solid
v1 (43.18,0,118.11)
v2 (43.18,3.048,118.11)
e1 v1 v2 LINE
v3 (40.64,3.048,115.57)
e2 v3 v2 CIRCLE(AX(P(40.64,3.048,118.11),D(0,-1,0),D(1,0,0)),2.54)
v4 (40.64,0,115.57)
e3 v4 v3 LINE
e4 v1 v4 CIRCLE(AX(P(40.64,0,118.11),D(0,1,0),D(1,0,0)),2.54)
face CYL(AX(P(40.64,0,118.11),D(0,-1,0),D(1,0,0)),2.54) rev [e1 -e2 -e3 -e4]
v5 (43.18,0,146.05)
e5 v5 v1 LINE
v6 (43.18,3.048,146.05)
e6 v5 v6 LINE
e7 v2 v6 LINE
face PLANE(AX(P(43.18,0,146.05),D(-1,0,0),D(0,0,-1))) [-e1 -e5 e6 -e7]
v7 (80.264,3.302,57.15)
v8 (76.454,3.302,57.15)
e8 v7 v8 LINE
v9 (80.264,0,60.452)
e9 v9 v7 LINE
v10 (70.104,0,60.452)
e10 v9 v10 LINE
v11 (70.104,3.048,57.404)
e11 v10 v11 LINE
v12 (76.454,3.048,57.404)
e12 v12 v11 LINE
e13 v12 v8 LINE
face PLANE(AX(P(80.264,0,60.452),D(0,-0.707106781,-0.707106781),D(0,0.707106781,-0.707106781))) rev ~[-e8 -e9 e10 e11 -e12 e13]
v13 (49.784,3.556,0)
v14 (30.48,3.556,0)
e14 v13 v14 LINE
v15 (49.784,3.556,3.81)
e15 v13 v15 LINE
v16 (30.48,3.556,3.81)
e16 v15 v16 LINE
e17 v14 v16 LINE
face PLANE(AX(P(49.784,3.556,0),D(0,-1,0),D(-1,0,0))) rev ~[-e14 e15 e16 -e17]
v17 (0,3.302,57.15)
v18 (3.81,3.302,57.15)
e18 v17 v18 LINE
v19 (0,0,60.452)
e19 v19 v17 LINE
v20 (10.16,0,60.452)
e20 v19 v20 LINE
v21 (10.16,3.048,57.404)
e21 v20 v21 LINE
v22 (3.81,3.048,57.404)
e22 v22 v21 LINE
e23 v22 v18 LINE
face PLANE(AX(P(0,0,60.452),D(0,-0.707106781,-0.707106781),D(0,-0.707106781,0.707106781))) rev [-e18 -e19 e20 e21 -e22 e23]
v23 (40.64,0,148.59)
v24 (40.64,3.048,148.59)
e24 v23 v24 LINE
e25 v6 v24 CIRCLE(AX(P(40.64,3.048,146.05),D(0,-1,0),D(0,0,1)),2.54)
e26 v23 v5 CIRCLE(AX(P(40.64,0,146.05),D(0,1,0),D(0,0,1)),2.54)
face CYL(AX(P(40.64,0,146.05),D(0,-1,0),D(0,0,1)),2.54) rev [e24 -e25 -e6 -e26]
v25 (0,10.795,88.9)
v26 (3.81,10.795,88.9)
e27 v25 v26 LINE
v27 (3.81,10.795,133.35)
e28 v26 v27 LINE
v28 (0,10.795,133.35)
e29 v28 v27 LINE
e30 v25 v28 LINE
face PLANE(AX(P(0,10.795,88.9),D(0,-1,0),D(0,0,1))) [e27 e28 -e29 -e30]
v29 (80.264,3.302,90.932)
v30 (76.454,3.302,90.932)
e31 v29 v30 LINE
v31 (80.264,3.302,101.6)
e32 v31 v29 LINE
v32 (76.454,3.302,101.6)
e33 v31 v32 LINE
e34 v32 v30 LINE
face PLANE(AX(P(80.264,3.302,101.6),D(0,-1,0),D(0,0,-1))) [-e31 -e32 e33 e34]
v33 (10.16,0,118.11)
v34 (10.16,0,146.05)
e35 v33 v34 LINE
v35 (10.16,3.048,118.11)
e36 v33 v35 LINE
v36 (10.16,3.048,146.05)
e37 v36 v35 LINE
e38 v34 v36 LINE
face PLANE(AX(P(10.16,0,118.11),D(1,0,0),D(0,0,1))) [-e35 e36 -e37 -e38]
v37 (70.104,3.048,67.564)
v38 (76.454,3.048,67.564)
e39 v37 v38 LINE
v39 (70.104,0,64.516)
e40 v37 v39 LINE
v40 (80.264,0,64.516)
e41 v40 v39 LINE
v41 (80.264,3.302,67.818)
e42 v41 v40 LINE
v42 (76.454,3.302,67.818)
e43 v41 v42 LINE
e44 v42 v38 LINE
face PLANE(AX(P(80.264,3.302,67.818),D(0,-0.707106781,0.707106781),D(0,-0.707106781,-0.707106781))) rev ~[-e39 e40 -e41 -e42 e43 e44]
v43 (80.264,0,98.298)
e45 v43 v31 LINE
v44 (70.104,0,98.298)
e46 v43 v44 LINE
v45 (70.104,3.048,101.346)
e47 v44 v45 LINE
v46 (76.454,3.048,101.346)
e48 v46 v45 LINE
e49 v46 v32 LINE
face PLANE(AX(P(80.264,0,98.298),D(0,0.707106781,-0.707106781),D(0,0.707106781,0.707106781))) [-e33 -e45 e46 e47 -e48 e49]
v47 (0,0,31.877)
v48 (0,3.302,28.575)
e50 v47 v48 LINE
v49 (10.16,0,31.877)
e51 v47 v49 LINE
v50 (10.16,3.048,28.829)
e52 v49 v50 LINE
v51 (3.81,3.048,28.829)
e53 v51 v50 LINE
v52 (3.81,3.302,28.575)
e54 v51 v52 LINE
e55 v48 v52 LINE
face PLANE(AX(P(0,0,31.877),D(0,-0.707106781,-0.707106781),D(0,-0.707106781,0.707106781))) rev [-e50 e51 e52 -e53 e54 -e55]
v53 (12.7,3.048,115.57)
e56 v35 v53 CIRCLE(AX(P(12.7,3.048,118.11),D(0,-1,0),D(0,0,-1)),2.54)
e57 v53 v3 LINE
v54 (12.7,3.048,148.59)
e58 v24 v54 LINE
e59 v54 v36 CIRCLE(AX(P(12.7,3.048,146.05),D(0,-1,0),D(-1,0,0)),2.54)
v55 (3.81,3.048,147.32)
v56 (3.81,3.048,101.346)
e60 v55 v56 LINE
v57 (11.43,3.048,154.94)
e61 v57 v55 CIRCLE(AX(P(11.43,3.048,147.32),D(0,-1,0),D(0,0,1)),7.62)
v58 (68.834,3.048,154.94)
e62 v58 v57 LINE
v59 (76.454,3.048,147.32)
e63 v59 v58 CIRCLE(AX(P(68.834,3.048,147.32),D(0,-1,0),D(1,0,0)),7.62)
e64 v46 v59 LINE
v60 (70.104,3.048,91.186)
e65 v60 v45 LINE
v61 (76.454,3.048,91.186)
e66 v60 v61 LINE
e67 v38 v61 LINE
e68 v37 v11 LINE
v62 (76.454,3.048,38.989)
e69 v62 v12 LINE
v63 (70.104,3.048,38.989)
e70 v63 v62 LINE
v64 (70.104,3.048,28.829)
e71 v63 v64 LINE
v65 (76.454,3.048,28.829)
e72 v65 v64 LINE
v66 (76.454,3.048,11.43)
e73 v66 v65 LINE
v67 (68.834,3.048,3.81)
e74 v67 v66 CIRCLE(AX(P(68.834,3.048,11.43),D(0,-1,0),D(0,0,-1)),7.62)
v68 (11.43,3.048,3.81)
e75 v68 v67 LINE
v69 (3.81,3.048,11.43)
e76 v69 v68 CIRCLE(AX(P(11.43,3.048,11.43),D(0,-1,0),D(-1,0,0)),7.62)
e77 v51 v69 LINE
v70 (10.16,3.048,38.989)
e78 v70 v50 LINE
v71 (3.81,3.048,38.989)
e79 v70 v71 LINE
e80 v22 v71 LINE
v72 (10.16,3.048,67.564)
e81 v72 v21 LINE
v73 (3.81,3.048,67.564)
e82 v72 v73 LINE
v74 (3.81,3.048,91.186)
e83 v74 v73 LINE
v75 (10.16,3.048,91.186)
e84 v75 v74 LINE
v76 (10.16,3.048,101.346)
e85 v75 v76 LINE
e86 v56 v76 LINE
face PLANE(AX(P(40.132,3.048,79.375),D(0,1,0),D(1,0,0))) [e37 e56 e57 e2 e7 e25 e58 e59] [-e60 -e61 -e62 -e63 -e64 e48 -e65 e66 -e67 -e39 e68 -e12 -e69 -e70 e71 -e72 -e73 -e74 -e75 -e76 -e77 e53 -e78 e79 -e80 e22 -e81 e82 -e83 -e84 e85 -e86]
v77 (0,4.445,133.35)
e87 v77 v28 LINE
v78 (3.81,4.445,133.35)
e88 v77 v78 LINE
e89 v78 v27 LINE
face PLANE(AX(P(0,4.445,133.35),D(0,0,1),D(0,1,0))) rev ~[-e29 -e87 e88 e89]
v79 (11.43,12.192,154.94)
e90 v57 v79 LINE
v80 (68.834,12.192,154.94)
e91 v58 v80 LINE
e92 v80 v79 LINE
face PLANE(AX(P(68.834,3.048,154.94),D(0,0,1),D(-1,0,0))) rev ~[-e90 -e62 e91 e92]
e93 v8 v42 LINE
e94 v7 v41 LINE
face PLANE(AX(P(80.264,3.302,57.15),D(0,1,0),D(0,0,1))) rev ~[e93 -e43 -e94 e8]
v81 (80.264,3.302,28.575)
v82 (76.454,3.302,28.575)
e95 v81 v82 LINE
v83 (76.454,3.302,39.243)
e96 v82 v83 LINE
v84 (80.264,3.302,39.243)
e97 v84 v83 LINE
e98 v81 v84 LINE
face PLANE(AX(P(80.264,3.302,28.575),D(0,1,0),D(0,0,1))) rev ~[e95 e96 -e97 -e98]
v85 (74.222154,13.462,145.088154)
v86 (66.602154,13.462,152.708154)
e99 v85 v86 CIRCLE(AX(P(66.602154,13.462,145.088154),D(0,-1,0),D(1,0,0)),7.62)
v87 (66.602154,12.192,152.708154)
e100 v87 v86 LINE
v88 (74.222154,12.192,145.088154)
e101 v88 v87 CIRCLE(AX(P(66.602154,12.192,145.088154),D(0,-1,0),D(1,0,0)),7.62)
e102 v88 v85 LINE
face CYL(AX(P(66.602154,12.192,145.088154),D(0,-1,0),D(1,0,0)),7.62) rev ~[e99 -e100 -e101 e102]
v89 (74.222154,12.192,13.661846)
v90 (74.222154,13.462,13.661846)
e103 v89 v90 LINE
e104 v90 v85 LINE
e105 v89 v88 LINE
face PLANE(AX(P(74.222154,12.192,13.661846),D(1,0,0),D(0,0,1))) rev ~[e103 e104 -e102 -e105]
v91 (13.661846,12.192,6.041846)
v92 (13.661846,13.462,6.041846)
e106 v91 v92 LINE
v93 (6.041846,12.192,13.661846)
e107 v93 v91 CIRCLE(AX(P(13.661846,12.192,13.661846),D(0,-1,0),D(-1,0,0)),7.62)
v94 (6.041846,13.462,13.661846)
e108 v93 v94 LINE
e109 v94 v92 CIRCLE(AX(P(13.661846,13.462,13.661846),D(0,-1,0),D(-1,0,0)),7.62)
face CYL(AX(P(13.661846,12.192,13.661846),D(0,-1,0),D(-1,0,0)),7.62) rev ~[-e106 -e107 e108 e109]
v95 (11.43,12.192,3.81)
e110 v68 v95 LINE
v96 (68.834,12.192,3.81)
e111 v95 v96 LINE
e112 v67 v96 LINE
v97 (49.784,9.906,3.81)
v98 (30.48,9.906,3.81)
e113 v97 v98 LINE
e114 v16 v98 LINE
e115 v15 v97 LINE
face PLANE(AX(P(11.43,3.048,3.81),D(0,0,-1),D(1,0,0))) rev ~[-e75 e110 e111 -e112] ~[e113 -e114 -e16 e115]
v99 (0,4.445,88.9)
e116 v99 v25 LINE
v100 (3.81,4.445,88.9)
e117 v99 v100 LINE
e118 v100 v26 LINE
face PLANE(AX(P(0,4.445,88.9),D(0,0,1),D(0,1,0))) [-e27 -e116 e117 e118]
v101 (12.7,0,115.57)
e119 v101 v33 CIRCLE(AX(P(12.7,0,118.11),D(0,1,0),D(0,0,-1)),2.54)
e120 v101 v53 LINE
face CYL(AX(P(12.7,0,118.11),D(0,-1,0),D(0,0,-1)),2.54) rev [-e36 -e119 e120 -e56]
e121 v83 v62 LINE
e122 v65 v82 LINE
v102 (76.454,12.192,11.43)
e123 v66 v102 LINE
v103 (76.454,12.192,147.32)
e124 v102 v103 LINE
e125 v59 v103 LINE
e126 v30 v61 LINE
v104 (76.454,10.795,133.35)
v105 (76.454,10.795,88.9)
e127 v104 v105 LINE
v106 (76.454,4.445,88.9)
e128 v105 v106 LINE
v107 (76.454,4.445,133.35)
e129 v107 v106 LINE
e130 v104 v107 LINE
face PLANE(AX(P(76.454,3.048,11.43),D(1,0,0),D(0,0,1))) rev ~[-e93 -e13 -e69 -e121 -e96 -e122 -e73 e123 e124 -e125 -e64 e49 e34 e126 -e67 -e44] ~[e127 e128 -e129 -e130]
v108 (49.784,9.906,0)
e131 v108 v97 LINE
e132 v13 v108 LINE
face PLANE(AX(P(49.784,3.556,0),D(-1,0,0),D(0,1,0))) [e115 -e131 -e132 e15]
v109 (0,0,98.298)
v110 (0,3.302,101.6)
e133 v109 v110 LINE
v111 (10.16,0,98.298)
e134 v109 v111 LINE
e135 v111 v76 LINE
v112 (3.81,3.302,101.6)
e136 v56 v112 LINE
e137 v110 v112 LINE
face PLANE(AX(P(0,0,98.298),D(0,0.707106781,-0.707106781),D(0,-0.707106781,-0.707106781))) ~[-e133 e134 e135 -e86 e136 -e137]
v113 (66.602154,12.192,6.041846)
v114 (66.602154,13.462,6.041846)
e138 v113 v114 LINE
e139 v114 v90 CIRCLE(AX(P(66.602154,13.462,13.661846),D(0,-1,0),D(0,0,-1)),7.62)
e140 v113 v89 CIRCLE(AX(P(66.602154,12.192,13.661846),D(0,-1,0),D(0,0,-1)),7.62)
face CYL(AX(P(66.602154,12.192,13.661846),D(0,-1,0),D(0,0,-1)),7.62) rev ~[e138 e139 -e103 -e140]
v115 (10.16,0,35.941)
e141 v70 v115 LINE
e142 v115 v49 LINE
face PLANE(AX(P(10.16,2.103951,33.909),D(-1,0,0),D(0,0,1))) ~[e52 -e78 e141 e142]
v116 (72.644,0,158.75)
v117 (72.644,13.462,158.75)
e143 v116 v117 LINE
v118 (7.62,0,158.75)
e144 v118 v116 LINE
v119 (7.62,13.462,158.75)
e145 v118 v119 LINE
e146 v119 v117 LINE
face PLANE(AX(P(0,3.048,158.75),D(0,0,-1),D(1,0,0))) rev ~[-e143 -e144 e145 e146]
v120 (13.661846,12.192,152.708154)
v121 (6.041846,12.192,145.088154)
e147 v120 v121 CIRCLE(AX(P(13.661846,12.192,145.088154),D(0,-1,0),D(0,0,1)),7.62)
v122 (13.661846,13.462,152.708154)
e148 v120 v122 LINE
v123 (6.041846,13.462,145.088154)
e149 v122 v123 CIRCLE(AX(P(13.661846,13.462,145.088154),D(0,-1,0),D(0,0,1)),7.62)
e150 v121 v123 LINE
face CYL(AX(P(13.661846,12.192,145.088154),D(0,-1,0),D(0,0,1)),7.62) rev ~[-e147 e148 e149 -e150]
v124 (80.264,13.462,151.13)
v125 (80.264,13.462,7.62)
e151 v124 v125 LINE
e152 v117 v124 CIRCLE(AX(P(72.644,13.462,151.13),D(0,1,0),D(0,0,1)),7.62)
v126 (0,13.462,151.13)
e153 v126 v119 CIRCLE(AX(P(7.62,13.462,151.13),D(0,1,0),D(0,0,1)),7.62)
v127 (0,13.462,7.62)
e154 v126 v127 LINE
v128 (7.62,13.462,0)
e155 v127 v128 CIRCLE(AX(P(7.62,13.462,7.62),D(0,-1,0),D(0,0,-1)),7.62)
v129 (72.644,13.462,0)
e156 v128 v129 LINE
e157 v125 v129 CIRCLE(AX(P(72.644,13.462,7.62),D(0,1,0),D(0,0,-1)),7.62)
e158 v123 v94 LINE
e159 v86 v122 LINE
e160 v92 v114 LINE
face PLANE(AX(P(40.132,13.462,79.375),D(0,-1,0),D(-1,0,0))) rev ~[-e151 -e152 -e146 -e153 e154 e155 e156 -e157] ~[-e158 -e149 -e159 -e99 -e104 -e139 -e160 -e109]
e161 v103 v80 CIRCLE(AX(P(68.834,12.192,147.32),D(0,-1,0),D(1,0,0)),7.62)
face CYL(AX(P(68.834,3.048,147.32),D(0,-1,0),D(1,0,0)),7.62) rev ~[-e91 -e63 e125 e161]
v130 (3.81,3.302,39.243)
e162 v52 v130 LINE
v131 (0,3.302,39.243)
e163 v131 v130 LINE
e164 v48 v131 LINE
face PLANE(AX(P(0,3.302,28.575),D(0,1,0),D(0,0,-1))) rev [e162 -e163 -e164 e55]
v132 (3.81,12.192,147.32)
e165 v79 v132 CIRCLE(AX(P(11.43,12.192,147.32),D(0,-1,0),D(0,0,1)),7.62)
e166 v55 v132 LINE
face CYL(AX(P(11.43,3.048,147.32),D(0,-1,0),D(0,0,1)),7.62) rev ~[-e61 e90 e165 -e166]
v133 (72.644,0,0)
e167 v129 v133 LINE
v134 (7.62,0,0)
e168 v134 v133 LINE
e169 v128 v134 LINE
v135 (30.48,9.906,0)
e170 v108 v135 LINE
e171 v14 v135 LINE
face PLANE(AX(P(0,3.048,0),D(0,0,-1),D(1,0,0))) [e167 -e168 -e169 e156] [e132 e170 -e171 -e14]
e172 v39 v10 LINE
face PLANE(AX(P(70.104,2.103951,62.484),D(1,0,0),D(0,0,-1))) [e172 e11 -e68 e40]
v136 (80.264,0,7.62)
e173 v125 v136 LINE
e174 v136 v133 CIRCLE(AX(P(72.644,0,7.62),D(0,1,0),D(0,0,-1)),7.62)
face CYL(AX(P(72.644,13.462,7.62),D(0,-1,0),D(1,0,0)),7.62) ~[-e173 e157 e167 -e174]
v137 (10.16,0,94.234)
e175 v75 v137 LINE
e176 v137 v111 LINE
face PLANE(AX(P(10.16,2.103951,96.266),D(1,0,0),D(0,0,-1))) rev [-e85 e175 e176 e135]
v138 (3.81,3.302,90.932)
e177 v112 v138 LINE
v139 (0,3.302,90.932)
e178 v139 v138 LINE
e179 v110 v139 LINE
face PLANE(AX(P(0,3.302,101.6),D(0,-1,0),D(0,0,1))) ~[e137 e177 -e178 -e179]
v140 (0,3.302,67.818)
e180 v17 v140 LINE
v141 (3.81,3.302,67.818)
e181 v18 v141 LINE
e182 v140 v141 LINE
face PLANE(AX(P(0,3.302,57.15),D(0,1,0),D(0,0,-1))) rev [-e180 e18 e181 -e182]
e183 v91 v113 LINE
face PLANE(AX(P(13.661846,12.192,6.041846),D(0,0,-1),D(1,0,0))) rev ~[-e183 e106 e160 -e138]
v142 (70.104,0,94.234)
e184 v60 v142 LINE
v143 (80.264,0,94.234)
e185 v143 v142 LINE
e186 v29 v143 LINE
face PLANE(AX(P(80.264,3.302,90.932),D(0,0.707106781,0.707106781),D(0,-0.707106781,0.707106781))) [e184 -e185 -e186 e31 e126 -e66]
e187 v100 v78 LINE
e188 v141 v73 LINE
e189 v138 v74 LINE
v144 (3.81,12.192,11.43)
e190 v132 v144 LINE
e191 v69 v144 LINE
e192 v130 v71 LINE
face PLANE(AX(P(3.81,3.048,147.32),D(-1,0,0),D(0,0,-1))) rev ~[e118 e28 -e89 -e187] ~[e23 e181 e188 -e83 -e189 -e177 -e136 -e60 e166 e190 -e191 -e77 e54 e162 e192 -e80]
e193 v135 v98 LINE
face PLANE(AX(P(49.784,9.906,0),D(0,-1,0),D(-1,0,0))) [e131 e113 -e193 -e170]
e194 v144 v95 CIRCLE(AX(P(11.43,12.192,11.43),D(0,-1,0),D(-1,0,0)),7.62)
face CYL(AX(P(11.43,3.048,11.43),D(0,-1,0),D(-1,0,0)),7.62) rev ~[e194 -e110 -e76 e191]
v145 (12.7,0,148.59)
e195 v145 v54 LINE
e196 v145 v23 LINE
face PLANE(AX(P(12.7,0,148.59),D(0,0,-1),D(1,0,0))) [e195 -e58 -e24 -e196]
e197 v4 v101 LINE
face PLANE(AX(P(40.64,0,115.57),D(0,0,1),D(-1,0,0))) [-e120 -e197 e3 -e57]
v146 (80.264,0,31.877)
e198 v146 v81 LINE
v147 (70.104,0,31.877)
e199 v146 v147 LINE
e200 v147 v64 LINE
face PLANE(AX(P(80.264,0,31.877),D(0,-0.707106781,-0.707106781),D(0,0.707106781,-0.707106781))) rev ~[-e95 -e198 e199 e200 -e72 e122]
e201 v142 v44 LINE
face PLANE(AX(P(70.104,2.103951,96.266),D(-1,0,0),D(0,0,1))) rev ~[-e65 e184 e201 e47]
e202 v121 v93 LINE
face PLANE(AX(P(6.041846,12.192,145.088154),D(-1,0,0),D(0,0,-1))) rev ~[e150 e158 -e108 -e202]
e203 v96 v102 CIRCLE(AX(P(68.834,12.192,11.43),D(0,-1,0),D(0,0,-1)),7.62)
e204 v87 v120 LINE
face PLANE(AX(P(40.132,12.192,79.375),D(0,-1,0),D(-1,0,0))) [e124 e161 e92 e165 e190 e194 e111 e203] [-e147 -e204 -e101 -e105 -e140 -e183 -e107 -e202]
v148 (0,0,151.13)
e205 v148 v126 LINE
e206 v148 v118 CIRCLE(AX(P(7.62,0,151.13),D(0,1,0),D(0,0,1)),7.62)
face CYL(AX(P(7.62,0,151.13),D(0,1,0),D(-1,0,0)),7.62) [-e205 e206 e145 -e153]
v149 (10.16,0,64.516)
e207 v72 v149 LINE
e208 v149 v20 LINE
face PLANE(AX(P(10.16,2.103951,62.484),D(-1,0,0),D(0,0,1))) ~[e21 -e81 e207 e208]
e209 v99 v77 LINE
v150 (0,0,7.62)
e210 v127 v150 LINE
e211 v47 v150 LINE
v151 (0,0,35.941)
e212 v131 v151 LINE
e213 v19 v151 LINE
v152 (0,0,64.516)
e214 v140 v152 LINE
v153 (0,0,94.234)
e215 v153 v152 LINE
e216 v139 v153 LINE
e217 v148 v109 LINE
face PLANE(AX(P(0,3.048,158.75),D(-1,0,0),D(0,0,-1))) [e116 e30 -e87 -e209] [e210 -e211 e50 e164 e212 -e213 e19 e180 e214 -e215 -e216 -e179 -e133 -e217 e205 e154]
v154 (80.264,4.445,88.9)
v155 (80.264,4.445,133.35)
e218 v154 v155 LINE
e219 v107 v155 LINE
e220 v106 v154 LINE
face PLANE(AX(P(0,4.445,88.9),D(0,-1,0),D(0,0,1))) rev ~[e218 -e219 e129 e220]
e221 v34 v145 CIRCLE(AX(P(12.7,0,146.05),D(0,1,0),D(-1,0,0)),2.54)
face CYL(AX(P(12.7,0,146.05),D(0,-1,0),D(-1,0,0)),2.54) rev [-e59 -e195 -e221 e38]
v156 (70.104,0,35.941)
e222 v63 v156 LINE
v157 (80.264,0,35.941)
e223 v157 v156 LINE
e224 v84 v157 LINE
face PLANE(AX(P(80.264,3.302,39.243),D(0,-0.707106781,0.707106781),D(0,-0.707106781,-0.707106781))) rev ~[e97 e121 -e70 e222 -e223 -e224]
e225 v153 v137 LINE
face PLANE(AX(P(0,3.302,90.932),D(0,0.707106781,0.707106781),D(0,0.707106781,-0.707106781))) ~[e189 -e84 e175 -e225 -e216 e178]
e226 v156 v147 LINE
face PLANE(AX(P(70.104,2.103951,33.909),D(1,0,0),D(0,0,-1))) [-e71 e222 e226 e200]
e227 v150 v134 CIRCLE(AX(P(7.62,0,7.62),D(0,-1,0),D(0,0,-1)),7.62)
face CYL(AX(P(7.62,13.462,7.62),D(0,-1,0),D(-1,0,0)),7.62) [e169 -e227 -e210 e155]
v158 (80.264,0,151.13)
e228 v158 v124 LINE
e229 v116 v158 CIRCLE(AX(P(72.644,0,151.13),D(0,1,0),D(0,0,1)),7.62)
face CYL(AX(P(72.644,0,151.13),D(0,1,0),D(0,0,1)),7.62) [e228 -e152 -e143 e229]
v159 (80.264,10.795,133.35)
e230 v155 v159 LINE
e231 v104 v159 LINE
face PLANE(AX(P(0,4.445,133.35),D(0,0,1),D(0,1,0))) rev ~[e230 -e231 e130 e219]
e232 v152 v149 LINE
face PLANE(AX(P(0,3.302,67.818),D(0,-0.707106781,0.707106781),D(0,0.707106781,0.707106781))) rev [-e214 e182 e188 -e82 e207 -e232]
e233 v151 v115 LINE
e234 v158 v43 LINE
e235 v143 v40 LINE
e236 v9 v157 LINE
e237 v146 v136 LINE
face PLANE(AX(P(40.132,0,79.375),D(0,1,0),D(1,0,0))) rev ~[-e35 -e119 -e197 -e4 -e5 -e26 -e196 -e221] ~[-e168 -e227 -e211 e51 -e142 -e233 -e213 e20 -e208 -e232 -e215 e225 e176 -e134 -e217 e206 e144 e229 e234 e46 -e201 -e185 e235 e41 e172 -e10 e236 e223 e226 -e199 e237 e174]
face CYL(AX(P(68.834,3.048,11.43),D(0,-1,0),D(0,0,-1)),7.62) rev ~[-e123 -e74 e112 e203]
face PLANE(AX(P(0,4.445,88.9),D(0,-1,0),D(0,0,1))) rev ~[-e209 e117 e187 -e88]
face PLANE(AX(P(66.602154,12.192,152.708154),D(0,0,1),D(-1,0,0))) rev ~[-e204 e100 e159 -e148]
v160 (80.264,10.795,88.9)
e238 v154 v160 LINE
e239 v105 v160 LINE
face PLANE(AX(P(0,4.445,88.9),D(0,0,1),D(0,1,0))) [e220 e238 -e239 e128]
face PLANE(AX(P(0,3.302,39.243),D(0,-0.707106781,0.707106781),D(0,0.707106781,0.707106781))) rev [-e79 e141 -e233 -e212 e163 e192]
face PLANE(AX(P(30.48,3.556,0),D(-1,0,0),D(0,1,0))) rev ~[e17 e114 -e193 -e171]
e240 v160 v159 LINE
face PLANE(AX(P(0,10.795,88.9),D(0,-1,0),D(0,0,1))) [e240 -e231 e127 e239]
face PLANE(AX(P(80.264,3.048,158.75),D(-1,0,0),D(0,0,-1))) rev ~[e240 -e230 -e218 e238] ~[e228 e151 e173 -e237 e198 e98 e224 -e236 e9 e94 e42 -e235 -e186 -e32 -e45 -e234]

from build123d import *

# Parameters (mm, degrees)
SKETCH1_W           = 80.264
SKETCH1_H           = 158.75
BOSS_EXTRUDE1_DEPTH = 3.048
SKETCH2_W           = 80.264
SKETCH2_H           = 158.75
BOSS_EXTRUDE2_DEPTH = 10.414
FILLET2_R           = 7.62
BOSS_EXTRUDE3_START = -1.27
BOSS_EXTRUDE3_DEPTH = 1.27
CUT_EXTRUDE1_DEPTH  = 179.39590141
CUT_EXTRUDE2_DEPTH  = 10.16
SKETCH6_W           = 19.304
SKETCH6_H           = 6.35
CUT_EXTRUDE4_DEPTH  = 3.81
SKETCH7_W           = 44.45
SKETCH7_H           = 6.35
CUT_EXTRUDE5_DEPTH  = 179.39590141


with BuildPart() as part:
    # Sketch1 → Boss-Extrude1 (new body)
    with BuildSketch(Plane(origin=(0, 0, 0), x_dir=(1, 0, 0), z_dir=(0, 1, 0))):
        with Locations((40.132, -79.375)):
            Rectangle(SKETCH1_W, SKETCH1_H)
    extrude(amount=BOSS_EXTRUDE1_DEPTH)

    # Sketch2 → Boss-Extrude2 (add)
    with BuildSketch(Plane(origin=(0, 3.048, 0), x_dir=(1, 0, 0), z_dir=(0, 1, 0))):
        with Locations((40.132, -79.375)):
            Rectangle(SKETCH2_W, SKETCH2_H)
        with BuildLine():
            Line((11.43, -3.81), (68.834, -3.81))
            ThreePointArc((68.834, -3.81), (74.222153673, -6.041846327), (76.454, -11.43))
            Line((76.454, -11.43), (76.454, -147.32))
            ThreePointArc((76.454, -147.32), (74.222153673, -152.708153673), (68.834, -154.94))
            Line((68.834, -154.94), (11.43, -154.94))
            ThreePointArc((11.43, -154.94), (6.041846327, -152.708153673), (3.81, -147.32))
            Line((3.81, -147.32), (3.81, -11.43))
            ThreePointArc((3.81, -11.43), (6.041846327, -6.041846327), (11.43, -3.81))
        make_face(mode=Mode.SUBTRACT)
    extrude(amount=BOSS_EXTRUDE2_DEPTH)

    # Fillet2
    fillet2_edges = [part.edges().sort_by_distance(p)[0] for p in [
        (0, 6.731, 0),
        (80.264, 6.731, 0),
        (80.264, 6.731, 158.75),
        (0, 6.731, 158.75),
    ]]
    fillet(fillet2_edges, radius=FILLET2_R)

    # Sketch3 → Boss-Extrude3 (add)
    with BuildSketch(Plane(origin=(0, 13.462, 0), x_dir=(1, 0, 0), z_dir=(0, 1, 0)).offset(BOSS_EXTRUDE3_START)):
        with BuildLine():
            Line((11.43, -3.81), (68.834, -3.81))
            ThreePointArc((68.834, -3.81), (74.222153673, -6.041846327), (76.454, -11.43))
            Line((76.454, -11.43), (76.454, -147.32))
            ThreePointArc((76.454, -147.32), (74.222153673, -152.708153673), (68.834, -154.94))
            Line((68.834, -154.94), (11.43, -154.94))
            ThreePointArc((11.43, -154.94), (6.041846327, -152.708153673), (3.81, -147.32))
            Line((3.81, -147.32), (3.81, -11.43))
            ThreePointArc((3.81, -11.43), (6.041846327, -6.041846327), (11.43, -3.81))
        make_face()
        with BuildLine():
            Line((13.661846327, -6.041846327), (66.602153673, -6.041846327))
            ThreePointArc((66.602153673, -6.041846327), (71.990307345, -8.273692655), (74.222153673, -13.661846327))
            Line((74.222153673, -13.661846327), (74.222153673, -145.088153673))
            ThreePointArc((74.222153673, -145.088153673), (71.990307345, -150.476307345), (66.602153673, -152.708153673))
            Line((66.602153673, -152.708153673), (13.661846327, -152.708153673))
            ThreePointArc((13.661846327, -152.708153673), (8.273692655, -150.476307345), (6.041846327, -145.088153673))
            Line((6.041846327, -145.088153673), (6.041846327, -13.661846327))
            ThreePointArc((6.041846327, -13.661846327), (8.273692655, -8.273692655), (13.661846327, -6.041846327))
        make_face(mode=Mode.SUBTRACT)
    extrude(amount=BOSS_EXTRUDE3_DEPTH)

    # Sketch4 → Cut-Extrude1 (cut, through all)
    with BuildSketch(Plane.XZ):
        with BuildLine():
            Line((12.7, 148.59), (40.64, 148.59))
            ThreePointArc((40.64, 148.59), (42.436051224, 147.846051224), (43.18, 146.05))
            Line((43.18, 146.05), (43.18, 118.11))
            ThreePointArc((43.18, 118.11), (42.436051224, 116.313948776), (40.64, 115.57))
            Line((40.64, 115.57), (12.7, 115.57))
            ThreePointArc((12.7, 115.57), (10.903948776, 116.313948776), (10.16, 118.11))
            Line((10.16, 118.11), (10.16, 146.05))
            ThreePointArc((10.16, 146.05), (10.903948776, 147.846051224), (12.7, 148.59))
        make_face()
    extrude(amount=-CUT_EXTRUDE1_DEPTH, mode=Mode.SUBTRACT)

    # Sketch5 → Cut-Extrude2 (cut)
    with BuildSketch(Plane(origin=(80.264, 0, 0), x_dir=(0, 0, -1), z_dir=(1, 0, 0))):
        Polygon((-98.298, 0), (-101.6, 3.302), (-90.932, 3.302), (-94.234, 0), align=None)
        Polygon((-60.452, 0), (-57.15, 3.302), (-67.818, 3.302), (-64.516, 0), align=None)
        Polygon((-39.243, 3.302), (-35.941, 0), (-31.877, 0), (-28.575, 3.302), align=None)
    cut_extrude2 = extrude(amount=-CUT_EXTRUDE2_DEPTH, mode=Mode.SUBTRACT)

    # Mirror1: Cut-Extrude2 across plane
    add(cut_extrude2.mirror(Plane(origin=(40.132, 0, 0), x_dir=(0, 0, 1), z_dir=(1, 0, 0))), mode=Mode.SUBTRACT)

    # Sketch6 → Cut-Extrude4 (cut)
    with BuildSketch(Plane(origin=(0, 0, 0), x_dir=(-1, 0, 0), z_dir=(0, 0, -1))):
        with Locations((-40.132, 6.731)):
            Rectangle(SKETCH6_W, SKETCH6_H)
    extrude(amount=-CUT_EXTRUDE4_DEPTH, mode=Mode.SUBTRACT)

    # Sketch7 → Cut-Extrude5 (cut, through all)
    with BuildSketch(Plane.ZY):
        with Locations((111.125, 7.62)):
            Rectangle(SKETCH7_W, SKETCH7_H)
    extrude(amount=-CUT_EXTRUDE5_DEPTH, mode=Mode.SUBTRACT)


solid = part.part
